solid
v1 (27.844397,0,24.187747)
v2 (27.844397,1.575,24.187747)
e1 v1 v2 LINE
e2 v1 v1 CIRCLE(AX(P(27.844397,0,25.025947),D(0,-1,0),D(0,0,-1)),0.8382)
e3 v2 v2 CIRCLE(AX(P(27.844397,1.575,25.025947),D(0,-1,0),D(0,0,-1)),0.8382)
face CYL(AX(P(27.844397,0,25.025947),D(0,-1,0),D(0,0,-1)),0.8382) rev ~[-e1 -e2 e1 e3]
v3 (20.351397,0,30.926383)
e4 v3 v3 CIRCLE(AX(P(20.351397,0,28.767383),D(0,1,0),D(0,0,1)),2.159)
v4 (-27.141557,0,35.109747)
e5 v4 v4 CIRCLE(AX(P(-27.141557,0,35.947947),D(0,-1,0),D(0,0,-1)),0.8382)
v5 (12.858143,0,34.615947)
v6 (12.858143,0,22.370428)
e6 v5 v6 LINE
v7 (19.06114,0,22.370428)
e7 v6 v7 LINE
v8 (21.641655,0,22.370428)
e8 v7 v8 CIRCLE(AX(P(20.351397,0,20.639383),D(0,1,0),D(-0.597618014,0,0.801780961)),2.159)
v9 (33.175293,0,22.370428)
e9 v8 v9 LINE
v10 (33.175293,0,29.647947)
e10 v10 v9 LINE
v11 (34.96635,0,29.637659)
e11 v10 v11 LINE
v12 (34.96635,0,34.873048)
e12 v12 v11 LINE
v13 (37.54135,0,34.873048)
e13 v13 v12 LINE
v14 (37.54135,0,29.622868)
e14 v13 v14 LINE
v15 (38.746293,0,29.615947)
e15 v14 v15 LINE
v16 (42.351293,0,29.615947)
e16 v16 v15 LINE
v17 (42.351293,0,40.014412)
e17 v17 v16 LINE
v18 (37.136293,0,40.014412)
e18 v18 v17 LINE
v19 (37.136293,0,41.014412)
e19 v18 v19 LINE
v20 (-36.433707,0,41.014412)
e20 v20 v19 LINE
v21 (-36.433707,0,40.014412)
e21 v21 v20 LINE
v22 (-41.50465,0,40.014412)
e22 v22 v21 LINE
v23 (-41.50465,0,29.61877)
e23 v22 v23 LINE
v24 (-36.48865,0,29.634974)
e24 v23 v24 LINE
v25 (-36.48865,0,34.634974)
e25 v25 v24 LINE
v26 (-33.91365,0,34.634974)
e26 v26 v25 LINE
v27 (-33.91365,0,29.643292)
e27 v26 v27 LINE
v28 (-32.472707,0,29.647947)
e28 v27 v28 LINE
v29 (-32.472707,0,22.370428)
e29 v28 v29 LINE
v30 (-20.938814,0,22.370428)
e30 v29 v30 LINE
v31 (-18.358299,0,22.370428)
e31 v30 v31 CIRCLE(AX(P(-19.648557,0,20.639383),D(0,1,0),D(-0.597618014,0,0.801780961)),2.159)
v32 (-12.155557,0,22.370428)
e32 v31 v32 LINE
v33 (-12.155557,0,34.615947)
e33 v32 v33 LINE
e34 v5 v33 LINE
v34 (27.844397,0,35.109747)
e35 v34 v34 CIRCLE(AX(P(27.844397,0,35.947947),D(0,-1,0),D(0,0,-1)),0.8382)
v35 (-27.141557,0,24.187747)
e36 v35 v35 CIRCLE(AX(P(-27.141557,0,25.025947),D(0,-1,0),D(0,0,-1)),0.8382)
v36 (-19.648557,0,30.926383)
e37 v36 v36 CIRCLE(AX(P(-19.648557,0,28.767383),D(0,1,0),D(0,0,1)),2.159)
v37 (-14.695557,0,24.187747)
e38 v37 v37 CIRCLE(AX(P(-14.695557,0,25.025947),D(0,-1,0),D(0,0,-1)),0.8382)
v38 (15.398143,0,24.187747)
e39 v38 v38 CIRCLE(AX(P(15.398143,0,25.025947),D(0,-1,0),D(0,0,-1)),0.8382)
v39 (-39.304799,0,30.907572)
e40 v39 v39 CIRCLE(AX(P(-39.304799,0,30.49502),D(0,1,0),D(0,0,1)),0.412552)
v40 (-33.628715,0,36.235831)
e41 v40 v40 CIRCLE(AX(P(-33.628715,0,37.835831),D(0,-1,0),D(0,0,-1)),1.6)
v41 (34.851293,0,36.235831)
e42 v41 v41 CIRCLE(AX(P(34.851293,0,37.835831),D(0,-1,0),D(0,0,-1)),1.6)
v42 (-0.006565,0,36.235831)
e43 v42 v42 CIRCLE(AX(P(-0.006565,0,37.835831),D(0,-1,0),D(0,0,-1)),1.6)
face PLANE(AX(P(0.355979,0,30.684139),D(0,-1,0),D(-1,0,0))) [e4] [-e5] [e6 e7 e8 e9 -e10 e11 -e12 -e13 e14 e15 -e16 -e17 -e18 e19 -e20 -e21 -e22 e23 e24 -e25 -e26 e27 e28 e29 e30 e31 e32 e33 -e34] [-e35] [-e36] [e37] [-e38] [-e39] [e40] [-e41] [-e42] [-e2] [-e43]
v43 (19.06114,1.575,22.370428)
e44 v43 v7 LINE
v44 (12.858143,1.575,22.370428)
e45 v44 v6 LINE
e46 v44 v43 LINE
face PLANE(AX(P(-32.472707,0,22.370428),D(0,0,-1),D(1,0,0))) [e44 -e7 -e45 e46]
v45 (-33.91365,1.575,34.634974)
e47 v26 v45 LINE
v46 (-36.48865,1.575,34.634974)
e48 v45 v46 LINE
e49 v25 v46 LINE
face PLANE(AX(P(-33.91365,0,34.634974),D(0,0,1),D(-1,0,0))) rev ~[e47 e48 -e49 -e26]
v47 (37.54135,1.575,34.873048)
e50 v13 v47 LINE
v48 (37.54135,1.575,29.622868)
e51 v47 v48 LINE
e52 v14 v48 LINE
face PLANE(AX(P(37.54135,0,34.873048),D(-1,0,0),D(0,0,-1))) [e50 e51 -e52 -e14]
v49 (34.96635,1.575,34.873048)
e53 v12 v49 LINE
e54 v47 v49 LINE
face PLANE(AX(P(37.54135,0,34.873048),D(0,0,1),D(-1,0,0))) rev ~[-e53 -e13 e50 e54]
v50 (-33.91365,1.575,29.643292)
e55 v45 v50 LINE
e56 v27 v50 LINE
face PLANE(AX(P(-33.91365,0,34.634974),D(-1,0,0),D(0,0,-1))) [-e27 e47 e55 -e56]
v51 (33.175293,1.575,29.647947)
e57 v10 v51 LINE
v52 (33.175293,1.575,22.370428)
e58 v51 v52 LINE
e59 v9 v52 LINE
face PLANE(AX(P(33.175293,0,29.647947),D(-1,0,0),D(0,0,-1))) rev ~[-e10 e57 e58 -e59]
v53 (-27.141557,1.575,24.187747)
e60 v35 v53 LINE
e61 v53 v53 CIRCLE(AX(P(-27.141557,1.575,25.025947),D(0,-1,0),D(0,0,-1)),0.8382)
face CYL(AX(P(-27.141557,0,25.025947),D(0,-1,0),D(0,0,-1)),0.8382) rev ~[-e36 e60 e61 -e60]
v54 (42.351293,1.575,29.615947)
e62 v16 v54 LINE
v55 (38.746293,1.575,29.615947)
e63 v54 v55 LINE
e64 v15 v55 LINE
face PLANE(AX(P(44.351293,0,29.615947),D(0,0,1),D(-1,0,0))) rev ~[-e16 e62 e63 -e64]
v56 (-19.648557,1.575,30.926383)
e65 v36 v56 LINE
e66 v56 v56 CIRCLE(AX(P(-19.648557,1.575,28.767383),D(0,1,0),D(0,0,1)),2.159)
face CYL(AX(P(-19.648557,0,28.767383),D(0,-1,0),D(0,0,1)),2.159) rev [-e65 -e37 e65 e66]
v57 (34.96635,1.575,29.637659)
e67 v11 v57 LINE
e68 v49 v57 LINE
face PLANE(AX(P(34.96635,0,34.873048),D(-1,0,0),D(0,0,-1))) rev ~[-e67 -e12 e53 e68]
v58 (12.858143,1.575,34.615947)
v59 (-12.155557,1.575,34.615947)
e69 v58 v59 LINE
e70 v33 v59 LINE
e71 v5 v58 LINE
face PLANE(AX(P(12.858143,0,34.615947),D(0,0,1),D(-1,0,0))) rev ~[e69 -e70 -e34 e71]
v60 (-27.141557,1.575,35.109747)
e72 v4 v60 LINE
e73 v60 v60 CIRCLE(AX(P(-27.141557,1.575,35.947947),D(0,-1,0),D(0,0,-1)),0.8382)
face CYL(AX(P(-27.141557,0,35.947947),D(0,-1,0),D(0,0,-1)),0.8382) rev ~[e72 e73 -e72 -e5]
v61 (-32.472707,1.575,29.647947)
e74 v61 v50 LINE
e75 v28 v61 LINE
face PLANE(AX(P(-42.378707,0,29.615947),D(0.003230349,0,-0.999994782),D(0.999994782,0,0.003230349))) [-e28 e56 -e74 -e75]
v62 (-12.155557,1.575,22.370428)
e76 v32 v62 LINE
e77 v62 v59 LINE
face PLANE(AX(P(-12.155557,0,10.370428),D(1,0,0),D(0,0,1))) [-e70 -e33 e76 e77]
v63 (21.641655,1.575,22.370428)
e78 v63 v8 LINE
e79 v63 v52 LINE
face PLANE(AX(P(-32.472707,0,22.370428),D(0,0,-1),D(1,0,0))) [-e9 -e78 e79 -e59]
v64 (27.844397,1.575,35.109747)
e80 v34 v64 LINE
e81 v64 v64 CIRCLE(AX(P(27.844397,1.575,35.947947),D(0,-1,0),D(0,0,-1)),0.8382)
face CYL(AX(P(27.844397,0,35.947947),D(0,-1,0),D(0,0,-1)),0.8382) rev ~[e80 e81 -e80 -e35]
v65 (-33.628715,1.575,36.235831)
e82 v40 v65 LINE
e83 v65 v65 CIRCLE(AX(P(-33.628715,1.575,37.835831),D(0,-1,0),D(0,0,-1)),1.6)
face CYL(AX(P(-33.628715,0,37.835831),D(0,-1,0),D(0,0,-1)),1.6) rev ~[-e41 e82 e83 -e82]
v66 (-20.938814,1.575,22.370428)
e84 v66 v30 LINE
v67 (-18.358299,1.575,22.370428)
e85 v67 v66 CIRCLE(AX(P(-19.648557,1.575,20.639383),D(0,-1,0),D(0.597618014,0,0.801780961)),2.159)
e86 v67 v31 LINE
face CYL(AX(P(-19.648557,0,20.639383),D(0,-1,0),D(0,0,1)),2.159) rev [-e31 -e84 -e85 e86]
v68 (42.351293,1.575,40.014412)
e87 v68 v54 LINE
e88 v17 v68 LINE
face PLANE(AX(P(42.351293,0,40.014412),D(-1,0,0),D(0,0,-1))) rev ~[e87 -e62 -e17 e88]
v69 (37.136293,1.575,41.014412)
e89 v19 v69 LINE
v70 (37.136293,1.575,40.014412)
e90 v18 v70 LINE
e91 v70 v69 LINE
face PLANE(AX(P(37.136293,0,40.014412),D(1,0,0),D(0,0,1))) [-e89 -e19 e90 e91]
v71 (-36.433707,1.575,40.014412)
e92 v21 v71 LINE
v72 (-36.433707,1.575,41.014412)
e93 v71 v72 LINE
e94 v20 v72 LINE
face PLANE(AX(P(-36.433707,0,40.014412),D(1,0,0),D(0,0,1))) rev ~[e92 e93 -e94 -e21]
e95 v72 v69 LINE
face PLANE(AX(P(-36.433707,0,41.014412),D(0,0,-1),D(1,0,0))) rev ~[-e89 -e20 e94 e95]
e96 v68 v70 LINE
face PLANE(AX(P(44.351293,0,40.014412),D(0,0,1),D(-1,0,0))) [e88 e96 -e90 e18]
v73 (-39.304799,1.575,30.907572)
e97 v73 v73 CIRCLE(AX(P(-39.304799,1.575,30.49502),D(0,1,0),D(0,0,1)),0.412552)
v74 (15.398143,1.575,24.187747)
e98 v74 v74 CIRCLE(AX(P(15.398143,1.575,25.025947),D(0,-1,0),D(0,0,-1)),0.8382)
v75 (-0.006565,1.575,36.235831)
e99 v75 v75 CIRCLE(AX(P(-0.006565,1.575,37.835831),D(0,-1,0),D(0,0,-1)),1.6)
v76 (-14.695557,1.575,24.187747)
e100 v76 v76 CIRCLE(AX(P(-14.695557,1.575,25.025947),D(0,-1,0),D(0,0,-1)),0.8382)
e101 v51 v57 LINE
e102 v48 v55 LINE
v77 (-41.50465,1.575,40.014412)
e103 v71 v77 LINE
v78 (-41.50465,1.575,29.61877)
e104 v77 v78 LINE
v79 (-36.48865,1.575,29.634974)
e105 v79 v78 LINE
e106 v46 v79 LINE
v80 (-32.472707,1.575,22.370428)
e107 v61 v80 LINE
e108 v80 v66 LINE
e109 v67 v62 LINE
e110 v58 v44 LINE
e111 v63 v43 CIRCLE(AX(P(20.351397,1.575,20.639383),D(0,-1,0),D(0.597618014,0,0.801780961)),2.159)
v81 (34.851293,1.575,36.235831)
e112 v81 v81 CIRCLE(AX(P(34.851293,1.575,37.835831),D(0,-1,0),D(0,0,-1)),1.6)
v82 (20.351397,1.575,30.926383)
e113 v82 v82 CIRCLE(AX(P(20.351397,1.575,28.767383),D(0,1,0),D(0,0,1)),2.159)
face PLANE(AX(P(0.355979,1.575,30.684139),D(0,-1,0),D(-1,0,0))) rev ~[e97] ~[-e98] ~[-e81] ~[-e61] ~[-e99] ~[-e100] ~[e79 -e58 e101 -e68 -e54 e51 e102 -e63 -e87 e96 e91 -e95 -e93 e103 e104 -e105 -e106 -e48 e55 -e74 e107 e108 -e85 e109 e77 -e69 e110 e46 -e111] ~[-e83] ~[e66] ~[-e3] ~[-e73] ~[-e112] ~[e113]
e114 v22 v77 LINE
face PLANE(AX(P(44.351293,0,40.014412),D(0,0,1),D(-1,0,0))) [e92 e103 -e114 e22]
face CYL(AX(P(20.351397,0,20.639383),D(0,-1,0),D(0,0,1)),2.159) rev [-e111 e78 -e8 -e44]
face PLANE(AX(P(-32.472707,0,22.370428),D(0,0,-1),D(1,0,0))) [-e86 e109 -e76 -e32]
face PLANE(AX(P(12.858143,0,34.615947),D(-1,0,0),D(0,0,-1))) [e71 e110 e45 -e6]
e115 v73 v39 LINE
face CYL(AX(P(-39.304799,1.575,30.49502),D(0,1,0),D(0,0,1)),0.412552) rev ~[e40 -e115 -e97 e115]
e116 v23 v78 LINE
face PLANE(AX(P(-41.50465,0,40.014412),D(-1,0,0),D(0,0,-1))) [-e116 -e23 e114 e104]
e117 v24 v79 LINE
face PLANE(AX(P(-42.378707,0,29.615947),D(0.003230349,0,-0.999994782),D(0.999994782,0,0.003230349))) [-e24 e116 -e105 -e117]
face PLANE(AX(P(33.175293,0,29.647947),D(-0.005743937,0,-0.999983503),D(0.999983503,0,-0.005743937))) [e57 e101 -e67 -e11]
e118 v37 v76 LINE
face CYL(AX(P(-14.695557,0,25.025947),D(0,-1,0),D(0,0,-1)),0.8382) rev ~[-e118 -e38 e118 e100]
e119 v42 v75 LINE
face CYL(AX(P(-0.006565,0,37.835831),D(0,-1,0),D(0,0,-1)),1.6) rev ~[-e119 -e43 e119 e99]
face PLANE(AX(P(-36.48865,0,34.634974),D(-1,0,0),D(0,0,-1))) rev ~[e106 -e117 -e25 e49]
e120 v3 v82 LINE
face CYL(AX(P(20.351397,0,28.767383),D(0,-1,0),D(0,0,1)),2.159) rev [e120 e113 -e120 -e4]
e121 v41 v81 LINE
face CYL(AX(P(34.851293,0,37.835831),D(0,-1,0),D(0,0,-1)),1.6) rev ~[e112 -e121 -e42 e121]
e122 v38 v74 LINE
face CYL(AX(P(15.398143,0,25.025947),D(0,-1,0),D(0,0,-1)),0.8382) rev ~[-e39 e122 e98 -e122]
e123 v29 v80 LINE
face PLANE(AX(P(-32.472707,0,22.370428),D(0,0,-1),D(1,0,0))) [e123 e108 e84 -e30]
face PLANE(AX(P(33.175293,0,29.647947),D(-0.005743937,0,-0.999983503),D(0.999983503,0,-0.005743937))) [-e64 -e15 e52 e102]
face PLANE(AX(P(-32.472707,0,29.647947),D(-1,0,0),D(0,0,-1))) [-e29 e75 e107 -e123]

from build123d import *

# Parameters (mm, degrees)
SKETCH1_R                           = 2.159
BOSS_EXTRUDE1_DEPTH                 = 1.575
SKETCH2_W                           = 93.457658642
SKETCH2_H                           = 6.602
CUT_EXTRUDE1_DEPTH                  = 65.362755899
CUT_EXTRUDE2_DEPTH                  = 60.755092082
CUT_EXTRUDE3_DEPTH                  = 60.755092082
SKETCH6_R                           = 0.8382
CUT_EXTRUDE4_DEPTH                  = 2.54
SKETCH7_W                           = 65.648
SKETCH7_H                           = 12
CUT_EXTRUDE5_DEPTH                  = 59.286069146
SKETCH11_R                          = 0.412551942
ID_HOLE_DEPTH                       = 59.286069146
SKETCH12_W                          = 2.575
SKETCH12_H                          = 5
NOTCH_FOR_BPR_TOP_VIEW_DEPTH        = 59.286069146
SKETCH14_W                          = 2.575
SKETCH14_H                          = 12.502619879
NOTCH_FOR_BPL_TOP_VIEW_DEPTH        = 59.286069146
SKETCH17_W                          = 73.57
SKETCH17_H                          = 1
CREATE_LIP_FOR_M3_SPACER_HOLE_DEPTH = 1.575
SKETCH15_R                          = 1.6
HOLE_FOR_M3_SPACER_DEPTH            = 59.977069112


with BuildPart() as part:
    # Sketch1 → Boss-Extrude1 (new body)
    with BuildSketch(Plane(origin=(0, 0, 0), x_dir=(1, 0, 0), z_dir=(0, 1, 0))):
        Polygon((44.351293299, -40.014412246), (37.136293299, -40.014412246), (37.136293299, -46.615946892), (29.968293307, -46.615946892), (-30.083706693, -46.615946892), (-36.433706701, -46.615946892), (-36.433706701, -40.014412246), (-43.648706701, -40.014412246), (-43.648706701, -30.885946892), (-43.648706701, -29.647946892), (-42.378706693, -29.615946892), (-32.472706701, -29.647946892), (-32.472706701, -10.370428445), (-12.155556701, -10.370428445), (-12.155556701, -34.615947016), (-11.557706701, -34.615947016), (12.260293299, -34.615947016), (12.858143299, -34.615947016), (12.858143299, -10.370428445), (33.175293299, -10.370428445), (33.175293299, -12.929386892), (33.175293299, -29.647946892), (38.746293307, -29.615946892), (42.351293307, -29.615946892), (44.351293299, -29.615946892), (44.351293299, -31.651946892), align=None)
        with Locations(Location((-19.648556701, -28.76738335, 0), (0, 0, 270))):
            Circle(SKETCH1_R, mode=Mode.SUBTRACT)
        with Locations(Location((-19.648556701, -20.63938335, 0), (0, 0, 270))):
            Circle(SKETCH1_R, mode=Mode.SUBTRACT)
        with Locations(Location((20.351397299, -20.63938335, 0), (0, 0, 270))):
            Circle(SKETCH1_R, mode=Mode.SUBTRACT)
        with Locations(Location((20.351397299, -28.76738335, 0), (0, 0, 270))):
            Circle(SKETCH1_R, mode=Mode.SUBTRACT)
    extrude(amount=BOSS_EXTRUDE1_DEPTH)

    # Sketch2 → Cut-Extrude1 (cut, through all)
    with BuildSketch(Plane.XZ):
        with Locations((-2.377536022, 43.315412246)):
            Rectangle(SKETCH2_W, SKETCH2_H)
    extrude(amount=-CUT_EXTRUDE1_DEPTH, mode=Mode.SUBTRACT)

    # Sketch3 → Cut-Extrude2 (cut, through all)
    with BuildSketch(Plane.XZ):
        Polygon((-41.504650493, 40.014412246), (-41.504650493, 29.618770413), (-34.629650483, 29.640979175), (-34.629650483, 8.976090323), (-48.128778183, 8.976090323), (-48.128778183, 40.014412246), align=None)
    extrude(amount=-CUT_EXTRUDE2_DEPTH, mode=Mode.SUBTRACT)

    # Sketch4 → Cut-Extrude3 (cut, through all)
    with BuildSketch(Plane.XZ):
        Polygon((42.351293299, 40.014412246), (42.351293299, 32.420104455), (42.351293299, 29.615946892), (35.476293307, 29.615946892), (35.476293307, 10.370428445), (54.710892309, 10.370428445), (54.710892309, 40.014412246), align=None)
    extrude(amount=-CUT_EXTRUDE3_DEPTH, mode=Mode.SUBTRACT)

    # Sketch6 → Cut-Extrude4 (cut)
    with BuildSketch(Plane(origin=(0, 0, 0), x_dir=(-1, 0, 0), z_dir=(0, -1, 0))):
        with Locations(Location((27.141556701, -35.947946892, 0), (0, 0, 90))):
            Circle(SKETCH6_R)
        with Locations(Location((27.141556701, -25.025946892, 0), (0, 0, 90))):
            Circle(SKETCH6_R)
        with Locations(Location((14.695556701, -25.025946892, 0), (0, 0, 90))):
            Circle(SKETCH6_R)
        with Locations(Location((-15.398143299, -25.025946892, 0), (0, 0, 90))):
            Circle(SKETCH6_R)
        with Locations(Location((-27.844397299, -25.025946892, 0), (0, 0, 90))):
            Circle(SKETCH6_R)
        with Locations(Location((-27.844397299, -35.947946892, 0), (0, 0, 90))):
            Circle(SKETCH6_R)
    extrude(amount=-CUT_EXTRUDE4_DEPTH, mode=Mode.SUBTRACT)

    # Sketch7 → Cut-Extrude5 (cut, through all)
    with BuildSketch(Plane.XZ):
        with Locations((0.351293299, 16.370428445)):
            Rectangle(SKETCH7_W, SKETCH7_H)
    extrude(amount=-CUT_EXTRUDE5_DEPTH, mode=Mode.SUBTRACT)

    # Sketch11 → ID HOLE (cut, through all)
    with BuildSketch(Plane(origin=(0, 1.575, 0), x_dir=(1, 0, 0), z_dir=(0, 1, 0))):
        with Locations(Location((-39.304798754, -30.495020326, 0), (0, 0, 270))):
            Circle(SKETCH11_R)
    extrude(amount=-ID_HOLE_DEPTH, mode=Mode.SUBTRACT)

    # Sketch12 → Notch for BPR (TOP VIEW) (cut, through all)
    with BuildSketch(Plane(origin=(0, 0, 0), x_dir=(-1, 0, 0), z_dir=(0, -1, 0))):
        with Locations((35.201150493, -32.134973926)):
            Rectangle(SKETCH12_W, SKETCH12_H)
    extrude(amount=-NOTCH_FOR_BPR_TOP_VIEW_DEPTH, mode=Mode.SUBTRACT)

    # Sketch14 → Notch for BPL (TOP VIEW) (cut, through all)
    with BuildSketch(Plane(origin=(0, 0, 0), x_dir=(-1, 0, 0), z_dir=(0, -1, 0))):
        with Locations((-36.253849507, -28.621738385)):
            Rectangle(SKETCH14_W, SKETCH14_H)
    extrude(amount=-NOTCH_FOR_BPL_TOP_VIEW_DEPTH, mode=Mode.SUBTRACT)

    # Sketch17 → Create Lip for M3 Spacer Hole (add)
    with BuildSketch(Plane.XZ):
        with Locations((0.351293299, 40.514412246)):
            Rectangle(SKETCH17_W, SKETCH17_H)
    extrude(amount=-CREATE_LIP_FOR_M3_SPACER_HOLE_DEPTH)

    # Sketch15 → HOLE for M3 Spacer (cut, through all)
    with BuildSketch(Plane.XZ):
        with Locations(Location((-0.006565304, 37.835831124, 0), (0, 0, 270))):
            Circle(SKETCH15_R)
        with Locations(Location((-33.628715371, 37.835831124, 0), (0, 0, 270))):
            Circle(SKETCH15_R)
        with Locations(Location((34.851293299, 37.835831124, 0), (0, 0, 270))):
            Circle(SKETCH15_R)
    extrude(amount=-HOLE_FOR_M3_SPACER_DEPTH, mode=Mode.SUBTRACT)


solid = part.part
